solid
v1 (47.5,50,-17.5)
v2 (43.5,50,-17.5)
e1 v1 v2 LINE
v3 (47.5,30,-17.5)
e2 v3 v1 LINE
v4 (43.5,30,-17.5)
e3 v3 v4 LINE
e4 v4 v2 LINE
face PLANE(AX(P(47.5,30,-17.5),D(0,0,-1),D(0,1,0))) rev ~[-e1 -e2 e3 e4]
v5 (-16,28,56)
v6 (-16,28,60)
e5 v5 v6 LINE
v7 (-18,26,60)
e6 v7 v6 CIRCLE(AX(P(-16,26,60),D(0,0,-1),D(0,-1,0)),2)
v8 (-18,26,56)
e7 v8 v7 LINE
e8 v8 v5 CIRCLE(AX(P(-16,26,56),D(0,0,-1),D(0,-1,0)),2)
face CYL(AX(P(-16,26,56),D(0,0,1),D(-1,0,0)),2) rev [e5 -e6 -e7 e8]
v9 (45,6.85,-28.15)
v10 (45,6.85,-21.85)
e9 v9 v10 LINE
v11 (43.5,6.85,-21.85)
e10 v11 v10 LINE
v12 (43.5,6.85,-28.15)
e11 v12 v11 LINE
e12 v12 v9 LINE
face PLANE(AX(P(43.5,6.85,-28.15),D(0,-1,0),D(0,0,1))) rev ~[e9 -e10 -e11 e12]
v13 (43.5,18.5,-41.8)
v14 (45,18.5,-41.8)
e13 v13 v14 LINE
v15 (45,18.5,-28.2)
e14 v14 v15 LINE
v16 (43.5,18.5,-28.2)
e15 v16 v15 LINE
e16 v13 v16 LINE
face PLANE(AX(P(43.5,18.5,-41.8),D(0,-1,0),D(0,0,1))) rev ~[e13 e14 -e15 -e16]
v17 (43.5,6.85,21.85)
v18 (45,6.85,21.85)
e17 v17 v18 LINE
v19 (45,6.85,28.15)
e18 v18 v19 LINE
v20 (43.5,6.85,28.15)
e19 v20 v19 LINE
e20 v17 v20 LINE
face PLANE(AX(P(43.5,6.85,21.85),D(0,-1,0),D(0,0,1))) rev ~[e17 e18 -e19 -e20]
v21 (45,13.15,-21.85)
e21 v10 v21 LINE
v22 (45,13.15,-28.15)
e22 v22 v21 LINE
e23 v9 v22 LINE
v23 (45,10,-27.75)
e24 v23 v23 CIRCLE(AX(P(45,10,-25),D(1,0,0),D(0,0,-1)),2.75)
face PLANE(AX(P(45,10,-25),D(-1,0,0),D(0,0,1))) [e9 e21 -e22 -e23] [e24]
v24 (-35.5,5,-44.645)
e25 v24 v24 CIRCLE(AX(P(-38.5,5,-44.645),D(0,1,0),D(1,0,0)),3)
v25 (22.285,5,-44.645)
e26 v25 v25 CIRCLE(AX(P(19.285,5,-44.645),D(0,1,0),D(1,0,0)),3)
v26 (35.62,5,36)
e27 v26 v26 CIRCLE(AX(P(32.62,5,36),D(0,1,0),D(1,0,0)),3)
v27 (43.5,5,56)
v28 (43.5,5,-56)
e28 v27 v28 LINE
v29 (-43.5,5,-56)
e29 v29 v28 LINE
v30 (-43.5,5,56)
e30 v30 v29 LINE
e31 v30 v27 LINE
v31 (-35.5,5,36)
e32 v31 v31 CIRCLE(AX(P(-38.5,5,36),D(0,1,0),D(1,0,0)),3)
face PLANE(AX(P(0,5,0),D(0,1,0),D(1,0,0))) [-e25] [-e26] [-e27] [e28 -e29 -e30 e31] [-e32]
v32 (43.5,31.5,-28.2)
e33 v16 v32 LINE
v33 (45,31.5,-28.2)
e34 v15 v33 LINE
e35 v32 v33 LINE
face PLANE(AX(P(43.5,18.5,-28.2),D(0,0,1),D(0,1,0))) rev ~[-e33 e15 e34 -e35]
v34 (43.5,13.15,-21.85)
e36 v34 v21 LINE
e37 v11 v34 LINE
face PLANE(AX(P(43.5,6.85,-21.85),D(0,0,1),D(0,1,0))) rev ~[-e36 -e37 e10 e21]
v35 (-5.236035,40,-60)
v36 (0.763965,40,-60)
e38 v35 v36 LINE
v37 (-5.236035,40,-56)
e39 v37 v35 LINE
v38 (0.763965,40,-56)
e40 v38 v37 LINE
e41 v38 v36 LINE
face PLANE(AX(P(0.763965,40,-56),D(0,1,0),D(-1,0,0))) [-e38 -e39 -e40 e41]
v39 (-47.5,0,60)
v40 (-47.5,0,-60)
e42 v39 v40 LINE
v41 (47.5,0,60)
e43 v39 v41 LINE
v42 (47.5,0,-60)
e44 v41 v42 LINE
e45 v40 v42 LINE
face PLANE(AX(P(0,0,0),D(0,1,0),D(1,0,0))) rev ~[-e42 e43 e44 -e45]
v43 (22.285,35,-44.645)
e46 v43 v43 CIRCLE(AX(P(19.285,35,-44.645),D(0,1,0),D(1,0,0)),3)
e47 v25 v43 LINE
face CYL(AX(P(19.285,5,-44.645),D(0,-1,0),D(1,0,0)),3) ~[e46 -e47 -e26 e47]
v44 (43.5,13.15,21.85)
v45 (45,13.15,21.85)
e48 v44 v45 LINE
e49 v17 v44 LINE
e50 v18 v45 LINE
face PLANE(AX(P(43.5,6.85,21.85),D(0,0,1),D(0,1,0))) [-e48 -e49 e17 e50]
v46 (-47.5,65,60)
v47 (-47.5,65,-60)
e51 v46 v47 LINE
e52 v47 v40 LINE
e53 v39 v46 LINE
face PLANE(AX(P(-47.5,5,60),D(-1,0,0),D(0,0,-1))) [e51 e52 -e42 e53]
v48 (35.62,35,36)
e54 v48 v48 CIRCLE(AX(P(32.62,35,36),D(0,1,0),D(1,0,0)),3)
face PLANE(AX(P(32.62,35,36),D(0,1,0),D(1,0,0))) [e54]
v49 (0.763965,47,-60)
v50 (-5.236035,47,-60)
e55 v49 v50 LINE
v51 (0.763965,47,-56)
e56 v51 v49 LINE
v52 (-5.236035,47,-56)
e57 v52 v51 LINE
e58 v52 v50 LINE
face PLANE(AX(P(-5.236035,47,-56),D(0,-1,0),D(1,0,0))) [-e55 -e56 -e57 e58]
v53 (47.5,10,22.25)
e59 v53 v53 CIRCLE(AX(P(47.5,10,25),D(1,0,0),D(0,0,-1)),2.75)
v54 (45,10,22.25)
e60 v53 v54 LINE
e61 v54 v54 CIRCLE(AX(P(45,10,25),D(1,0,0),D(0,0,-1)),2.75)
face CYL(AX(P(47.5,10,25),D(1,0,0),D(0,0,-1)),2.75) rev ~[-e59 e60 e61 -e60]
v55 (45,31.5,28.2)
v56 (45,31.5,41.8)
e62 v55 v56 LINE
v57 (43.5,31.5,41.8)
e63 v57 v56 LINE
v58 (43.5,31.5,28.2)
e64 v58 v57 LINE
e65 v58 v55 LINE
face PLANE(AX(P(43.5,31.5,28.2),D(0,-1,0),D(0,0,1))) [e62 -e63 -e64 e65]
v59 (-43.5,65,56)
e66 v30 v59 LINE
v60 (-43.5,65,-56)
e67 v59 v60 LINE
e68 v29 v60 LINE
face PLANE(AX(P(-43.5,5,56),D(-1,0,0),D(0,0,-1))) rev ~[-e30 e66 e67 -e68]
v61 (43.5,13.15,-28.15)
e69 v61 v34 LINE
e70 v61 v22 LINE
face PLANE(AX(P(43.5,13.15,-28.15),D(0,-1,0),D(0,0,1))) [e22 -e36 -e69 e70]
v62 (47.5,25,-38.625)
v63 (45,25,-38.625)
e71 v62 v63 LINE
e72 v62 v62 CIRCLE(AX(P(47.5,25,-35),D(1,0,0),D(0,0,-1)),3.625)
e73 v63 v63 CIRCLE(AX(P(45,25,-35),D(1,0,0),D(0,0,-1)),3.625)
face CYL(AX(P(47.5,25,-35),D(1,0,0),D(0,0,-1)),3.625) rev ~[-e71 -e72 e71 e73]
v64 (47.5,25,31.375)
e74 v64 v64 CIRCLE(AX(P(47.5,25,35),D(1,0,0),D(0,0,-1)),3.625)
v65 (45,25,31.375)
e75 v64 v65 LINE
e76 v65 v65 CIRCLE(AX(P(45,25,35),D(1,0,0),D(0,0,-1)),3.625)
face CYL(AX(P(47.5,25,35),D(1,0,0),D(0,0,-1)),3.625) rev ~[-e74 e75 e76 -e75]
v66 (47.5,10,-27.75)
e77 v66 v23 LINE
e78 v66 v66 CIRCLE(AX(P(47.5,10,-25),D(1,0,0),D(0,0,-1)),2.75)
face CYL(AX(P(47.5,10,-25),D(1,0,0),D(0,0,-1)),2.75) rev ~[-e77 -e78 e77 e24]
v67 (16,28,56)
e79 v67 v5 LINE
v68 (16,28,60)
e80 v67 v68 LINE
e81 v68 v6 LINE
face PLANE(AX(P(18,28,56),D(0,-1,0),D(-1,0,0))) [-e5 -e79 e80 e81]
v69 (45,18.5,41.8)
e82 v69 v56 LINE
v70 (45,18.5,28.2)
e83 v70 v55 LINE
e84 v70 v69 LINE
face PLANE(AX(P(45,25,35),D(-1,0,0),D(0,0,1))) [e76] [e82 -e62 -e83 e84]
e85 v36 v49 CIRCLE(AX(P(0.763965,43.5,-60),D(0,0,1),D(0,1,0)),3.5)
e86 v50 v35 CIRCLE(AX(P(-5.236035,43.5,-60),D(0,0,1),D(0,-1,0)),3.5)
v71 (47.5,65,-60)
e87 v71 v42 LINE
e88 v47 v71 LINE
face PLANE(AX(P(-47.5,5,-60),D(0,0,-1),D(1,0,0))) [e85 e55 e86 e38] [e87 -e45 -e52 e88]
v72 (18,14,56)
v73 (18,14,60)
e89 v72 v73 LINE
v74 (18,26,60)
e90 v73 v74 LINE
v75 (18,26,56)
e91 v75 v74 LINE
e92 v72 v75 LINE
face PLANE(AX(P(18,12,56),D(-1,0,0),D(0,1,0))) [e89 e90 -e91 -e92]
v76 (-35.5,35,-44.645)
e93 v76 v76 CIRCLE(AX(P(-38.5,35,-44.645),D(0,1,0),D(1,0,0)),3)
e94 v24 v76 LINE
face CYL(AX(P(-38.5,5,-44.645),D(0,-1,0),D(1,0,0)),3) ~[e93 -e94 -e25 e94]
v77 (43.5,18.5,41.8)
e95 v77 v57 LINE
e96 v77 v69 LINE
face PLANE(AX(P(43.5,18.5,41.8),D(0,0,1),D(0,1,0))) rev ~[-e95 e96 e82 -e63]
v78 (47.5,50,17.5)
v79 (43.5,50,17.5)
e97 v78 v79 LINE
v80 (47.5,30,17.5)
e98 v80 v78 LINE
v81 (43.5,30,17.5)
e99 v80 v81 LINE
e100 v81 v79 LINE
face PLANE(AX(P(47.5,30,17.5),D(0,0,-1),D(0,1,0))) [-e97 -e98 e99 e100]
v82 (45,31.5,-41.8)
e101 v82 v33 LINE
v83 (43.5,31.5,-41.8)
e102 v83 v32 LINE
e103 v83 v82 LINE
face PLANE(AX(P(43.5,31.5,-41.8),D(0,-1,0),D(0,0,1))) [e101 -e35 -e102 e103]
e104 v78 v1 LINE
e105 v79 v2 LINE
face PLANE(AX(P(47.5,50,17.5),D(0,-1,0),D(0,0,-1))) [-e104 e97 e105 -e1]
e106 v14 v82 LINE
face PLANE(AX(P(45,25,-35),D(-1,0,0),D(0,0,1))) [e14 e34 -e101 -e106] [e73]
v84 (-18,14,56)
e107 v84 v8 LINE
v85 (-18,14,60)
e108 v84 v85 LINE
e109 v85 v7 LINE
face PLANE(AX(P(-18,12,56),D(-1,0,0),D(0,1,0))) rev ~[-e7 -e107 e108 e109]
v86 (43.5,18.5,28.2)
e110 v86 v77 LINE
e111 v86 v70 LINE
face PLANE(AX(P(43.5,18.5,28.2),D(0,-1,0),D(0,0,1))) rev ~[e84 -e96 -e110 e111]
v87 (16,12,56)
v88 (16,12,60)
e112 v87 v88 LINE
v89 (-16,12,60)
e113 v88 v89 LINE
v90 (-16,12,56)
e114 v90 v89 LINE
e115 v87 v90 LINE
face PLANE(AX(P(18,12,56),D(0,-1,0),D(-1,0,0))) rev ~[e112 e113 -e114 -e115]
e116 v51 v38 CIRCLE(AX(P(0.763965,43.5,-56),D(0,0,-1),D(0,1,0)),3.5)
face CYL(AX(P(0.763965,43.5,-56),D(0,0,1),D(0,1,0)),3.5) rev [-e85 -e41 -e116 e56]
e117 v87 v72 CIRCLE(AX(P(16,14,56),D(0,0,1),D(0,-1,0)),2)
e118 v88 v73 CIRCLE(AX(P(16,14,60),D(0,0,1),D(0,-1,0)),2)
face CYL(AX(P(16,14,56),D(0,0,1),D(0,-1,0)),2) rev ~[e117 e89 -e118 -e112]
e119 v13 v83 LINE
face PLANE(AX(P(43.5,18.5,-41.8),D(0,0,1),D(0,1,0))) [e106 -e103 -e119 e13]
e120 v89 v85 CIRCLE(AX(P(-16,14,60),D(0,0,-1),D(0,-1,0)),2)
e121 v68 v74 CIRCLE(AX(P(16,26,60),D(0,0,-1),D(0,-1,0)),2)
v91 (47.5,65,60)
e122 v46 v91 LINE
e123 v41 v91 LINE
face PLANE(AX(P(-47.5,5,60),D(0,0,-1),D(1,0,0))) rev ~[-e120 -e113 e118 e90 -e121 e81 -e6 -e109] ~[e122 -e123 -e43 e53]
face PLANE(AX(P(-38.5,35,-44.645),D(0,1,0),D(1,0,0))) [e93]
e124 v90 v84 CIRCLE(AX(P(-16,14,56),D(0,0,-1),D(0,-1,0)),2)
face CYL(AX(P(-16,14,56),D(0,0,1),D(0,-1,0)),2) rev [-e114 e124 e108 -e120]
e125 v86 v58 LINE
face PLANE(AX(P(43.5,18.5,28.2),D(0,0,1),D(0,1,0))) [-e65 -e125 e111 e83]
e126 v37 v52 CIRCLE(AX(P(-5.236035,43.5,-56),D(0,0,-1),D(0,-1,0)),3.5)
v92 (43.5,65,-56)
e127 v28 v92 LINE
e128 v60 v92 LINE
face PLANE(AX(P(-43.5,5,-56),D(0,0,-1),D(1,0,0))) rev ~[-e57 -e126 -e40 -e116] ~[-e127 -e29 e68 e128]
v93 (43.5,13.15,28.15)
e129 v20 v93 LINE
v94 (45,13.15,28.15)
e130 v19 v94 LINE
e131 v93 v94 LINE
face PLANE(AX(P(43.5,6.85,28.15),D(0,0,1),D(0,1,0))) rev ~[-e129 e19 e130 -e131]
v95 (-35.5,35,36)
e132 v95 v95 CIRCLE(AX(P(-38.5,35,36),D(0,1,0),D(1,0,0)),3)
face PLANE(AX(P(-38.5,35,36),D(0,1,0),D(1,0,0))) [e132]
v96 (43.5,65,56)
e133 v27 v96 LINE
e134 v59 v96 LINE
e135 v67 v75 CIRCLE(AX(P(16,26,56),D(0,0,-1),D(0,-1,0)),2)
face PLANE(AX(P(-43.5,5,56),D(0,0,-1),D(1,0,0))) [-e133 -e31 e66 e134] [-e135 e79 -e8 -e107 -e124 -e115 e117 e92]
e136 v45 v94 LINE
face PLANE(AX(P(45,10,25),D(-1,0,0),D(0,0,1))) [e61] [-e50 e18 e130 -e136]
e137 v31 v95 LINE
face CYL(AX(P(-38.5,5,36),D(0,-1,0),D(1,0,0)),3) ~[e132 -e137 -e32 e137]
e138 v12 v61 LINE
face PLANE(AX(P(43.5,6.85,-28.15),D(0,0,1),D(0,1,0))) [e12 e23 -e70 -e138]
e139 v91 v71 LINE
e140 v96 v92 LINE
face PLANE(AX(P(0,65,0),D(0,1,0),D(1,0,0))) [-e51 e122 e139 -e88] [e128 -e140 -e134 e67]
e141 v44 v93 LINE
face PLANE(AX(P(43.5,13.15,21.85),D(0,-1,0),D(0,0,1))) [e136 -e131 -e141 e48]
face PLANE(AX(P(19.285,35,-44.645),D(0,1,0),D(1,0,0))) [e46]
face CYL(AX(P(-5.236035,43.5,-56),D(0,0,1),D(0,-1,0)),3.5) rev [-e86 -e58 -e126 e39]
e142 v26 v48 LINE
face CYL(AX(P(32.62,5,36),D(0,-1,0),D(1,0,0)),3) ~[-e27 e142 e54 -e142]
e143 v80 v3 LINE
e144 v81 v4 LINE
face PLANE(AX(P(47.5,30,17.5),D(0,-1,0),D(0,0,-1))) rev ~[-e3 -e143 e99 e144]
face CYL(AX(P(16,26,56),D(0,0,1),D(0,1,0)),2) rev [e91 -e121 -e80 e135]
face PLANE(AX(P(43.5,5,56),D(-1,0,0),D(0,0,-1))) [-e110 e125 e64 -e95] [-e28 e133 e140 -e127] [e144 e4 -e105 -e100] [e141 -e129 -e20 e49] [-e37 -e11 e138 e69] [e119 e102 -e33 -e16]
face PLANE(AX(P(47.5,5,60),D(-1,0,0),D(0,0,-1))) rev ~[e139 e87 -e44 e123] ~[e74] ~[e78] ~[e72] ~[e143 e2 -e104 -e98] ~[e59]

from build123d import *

# Parameters (mm, degrees)
SKETCH1_W                   = 95
SKETCH1_H                   = 120
BASE_DIMENSIONS_DEPTH       = 5
SKETCH2_W                   = 95
SKETCH2_H                   = 120
SKETCH2_W_2                 = 87
SKETCH2_H_2                 = 112
WALL_HEIGHT_AND_DEPTH_DEPTH = 60
SKETCH3_R                   = 3
SUPPORT_PEGS_DEPTH          = 30
SKETCH4_R                   = 3.625
SKETCH4_R_2                 = 2.75
SKETCH4_W                   = 35
SKETCH4_H                   = 20
FRONT_HOLES_DEPTH           = 4
SKETCH6_W                   = 13.6
SKETCH6_H                   = 13
SKETCH6_W_2                 = 6.3
SKETCH6_H_2                 = 6.3
EN_AND_B_INLAY_DEPTH        = 1.5
USB_SLOT_DEPTH              = 5
SKETCH10_W                  = 36
SKETCH10_H                  = 16
CUT_EXTRUDE1_DEPTH          = 10
FILLET1_R                   = 2


with BuildPart() as part:
    # Sketch1 → base dimensions (new body)
    with BuildSketch(Plane(origin=(0, 0, 0), x_dir=(1, 0, 0), z_dir=(0, 1, 0))):
        Rectangle(SKETCH1_W, SKETCH1_H)
    extrude(amount=BASE_DIMENSIONS_DEPTH)

    # Sketch2 → wall height and depth (add)
    with BuildSketch(Plane(origin=(0, 5, 0), x_dir=(1, 0, 0), z_dir=(0, 1, 0))):
        Rectangle(SKETCH2_W, SKETCH2_H)
        Rectangle(SKETCH2_W_2, SKETCH2_H_2, mode=Mode.SUBTRACT)
    extrude(amount=WALL_HEIGHT_AND_DEPTH_DEPTH)

    # Sketch3 → support pegs (add)
    with BuildSketch(Plane(origin=(0, 5, 0), x_dir=(1, 0, 0), z_dir=(0, 1, 0))):
        with Locations((-38.5, 44.645)):
            Circle(SKETCH3_R)
        with Locations((-38.5, -36)):
            Circle(SKETCH3_R)
        with Locations((32.62, -36)):
            Circle(SKETCH3_R)
        with Locations((19.285, 44.645)):
            Circle(SKETCH3_R)
    extrude(amount=SUPPORT_PEGS_DEPTH)

    # Sketch4 → front holes (cut)
    with BuildSketch(Plane(origin=(47.5, 0, 0), x_dir=(0, 0, -1), z_dir=(1, 0, 0))):
        with Locations((-35, 25)):
            Circle(SKETCH4_R)
        with Locations((-25, 10)):
            Circle(SKETCH4_R_2)
        with Locations((25, 10)):
            Circle(SKETCH4_R_2)
        with Locations((35, 25)):
            Circle(SKETCH4_R)
        with Locations((0, 40)):
            Rectangle(SKETCH4_W, SKETCH4_H)
    extrude(amount=-FRONT_HOLES_DEPTH, mode=Mode.SUBTRACT)

    # Sketch6 → en and b inlay (cut)
    with BuildSketch(Plane.ZY.offset(-43.5)):
        with Locations((-35, 25)):
            Rectangle(SKETCH6_W, SKETCH6_H)
        with Locations((-25, 10)):
            Rectangle(SKETCH6_W_2, SKETCH6_H_2)
        with Locations((25, 10)):
            Rectangle(SKETCH6_W_2, SKETCH6_H_2)
        with Locations((35, 25)):
            Rectangle(SKETCH6_W, SKETCH6_H)
    extrude(amount=-EN_AND_B_INLAY_DEPTH, mode=Mode.SUBTRACT)

    # Sketch9 → usb slot (cut, through all)
    with BuildSketch(Plane.XY.offset(-56)):
        with BuildLine():
            Line((-5.236035164, 47), (0.763964836, 47))
            ThreePointArc((0.763964836, 47), (4.263964836, 43.5), (0.763964836, 40))
            Line((0.763964836, 40), (-5.236035164, 40))
            ThreePointArc((-5.236035164, 40), (-8.736035164, 43.5), (-5.236035164, 47))
        make_face()
    extrude(amount=-USB_SLOT_DEPTH, mode=Mode.SUBTRACT)

    # Sketch10 → Cut-Extrude1 (cut)
    with BuildSketch(Plane(origin=(0, 0, 56), x_dir=(-1, 0, 0), z_dir=(0, 0, -1))):
        with Locations((0, 20)):
            Rectangle(SKETCH10_W, SKETCH10_H)
    extrude(amount=-CUT_EXTRUDE1_DEPTH, mode=Mode.SUBTRACT)

    # Fillet1
    fillet1_edges = [part.edges().sort_by_distance(p)[0] for p in [
        (-18, 28, 58),
        (-18, 12, 58),
        (18, 12, 58),
        (18, 28, 58),
    ]]
    fillet(fillet1_edges, radius=FILLET1_R)


solid = part.part
